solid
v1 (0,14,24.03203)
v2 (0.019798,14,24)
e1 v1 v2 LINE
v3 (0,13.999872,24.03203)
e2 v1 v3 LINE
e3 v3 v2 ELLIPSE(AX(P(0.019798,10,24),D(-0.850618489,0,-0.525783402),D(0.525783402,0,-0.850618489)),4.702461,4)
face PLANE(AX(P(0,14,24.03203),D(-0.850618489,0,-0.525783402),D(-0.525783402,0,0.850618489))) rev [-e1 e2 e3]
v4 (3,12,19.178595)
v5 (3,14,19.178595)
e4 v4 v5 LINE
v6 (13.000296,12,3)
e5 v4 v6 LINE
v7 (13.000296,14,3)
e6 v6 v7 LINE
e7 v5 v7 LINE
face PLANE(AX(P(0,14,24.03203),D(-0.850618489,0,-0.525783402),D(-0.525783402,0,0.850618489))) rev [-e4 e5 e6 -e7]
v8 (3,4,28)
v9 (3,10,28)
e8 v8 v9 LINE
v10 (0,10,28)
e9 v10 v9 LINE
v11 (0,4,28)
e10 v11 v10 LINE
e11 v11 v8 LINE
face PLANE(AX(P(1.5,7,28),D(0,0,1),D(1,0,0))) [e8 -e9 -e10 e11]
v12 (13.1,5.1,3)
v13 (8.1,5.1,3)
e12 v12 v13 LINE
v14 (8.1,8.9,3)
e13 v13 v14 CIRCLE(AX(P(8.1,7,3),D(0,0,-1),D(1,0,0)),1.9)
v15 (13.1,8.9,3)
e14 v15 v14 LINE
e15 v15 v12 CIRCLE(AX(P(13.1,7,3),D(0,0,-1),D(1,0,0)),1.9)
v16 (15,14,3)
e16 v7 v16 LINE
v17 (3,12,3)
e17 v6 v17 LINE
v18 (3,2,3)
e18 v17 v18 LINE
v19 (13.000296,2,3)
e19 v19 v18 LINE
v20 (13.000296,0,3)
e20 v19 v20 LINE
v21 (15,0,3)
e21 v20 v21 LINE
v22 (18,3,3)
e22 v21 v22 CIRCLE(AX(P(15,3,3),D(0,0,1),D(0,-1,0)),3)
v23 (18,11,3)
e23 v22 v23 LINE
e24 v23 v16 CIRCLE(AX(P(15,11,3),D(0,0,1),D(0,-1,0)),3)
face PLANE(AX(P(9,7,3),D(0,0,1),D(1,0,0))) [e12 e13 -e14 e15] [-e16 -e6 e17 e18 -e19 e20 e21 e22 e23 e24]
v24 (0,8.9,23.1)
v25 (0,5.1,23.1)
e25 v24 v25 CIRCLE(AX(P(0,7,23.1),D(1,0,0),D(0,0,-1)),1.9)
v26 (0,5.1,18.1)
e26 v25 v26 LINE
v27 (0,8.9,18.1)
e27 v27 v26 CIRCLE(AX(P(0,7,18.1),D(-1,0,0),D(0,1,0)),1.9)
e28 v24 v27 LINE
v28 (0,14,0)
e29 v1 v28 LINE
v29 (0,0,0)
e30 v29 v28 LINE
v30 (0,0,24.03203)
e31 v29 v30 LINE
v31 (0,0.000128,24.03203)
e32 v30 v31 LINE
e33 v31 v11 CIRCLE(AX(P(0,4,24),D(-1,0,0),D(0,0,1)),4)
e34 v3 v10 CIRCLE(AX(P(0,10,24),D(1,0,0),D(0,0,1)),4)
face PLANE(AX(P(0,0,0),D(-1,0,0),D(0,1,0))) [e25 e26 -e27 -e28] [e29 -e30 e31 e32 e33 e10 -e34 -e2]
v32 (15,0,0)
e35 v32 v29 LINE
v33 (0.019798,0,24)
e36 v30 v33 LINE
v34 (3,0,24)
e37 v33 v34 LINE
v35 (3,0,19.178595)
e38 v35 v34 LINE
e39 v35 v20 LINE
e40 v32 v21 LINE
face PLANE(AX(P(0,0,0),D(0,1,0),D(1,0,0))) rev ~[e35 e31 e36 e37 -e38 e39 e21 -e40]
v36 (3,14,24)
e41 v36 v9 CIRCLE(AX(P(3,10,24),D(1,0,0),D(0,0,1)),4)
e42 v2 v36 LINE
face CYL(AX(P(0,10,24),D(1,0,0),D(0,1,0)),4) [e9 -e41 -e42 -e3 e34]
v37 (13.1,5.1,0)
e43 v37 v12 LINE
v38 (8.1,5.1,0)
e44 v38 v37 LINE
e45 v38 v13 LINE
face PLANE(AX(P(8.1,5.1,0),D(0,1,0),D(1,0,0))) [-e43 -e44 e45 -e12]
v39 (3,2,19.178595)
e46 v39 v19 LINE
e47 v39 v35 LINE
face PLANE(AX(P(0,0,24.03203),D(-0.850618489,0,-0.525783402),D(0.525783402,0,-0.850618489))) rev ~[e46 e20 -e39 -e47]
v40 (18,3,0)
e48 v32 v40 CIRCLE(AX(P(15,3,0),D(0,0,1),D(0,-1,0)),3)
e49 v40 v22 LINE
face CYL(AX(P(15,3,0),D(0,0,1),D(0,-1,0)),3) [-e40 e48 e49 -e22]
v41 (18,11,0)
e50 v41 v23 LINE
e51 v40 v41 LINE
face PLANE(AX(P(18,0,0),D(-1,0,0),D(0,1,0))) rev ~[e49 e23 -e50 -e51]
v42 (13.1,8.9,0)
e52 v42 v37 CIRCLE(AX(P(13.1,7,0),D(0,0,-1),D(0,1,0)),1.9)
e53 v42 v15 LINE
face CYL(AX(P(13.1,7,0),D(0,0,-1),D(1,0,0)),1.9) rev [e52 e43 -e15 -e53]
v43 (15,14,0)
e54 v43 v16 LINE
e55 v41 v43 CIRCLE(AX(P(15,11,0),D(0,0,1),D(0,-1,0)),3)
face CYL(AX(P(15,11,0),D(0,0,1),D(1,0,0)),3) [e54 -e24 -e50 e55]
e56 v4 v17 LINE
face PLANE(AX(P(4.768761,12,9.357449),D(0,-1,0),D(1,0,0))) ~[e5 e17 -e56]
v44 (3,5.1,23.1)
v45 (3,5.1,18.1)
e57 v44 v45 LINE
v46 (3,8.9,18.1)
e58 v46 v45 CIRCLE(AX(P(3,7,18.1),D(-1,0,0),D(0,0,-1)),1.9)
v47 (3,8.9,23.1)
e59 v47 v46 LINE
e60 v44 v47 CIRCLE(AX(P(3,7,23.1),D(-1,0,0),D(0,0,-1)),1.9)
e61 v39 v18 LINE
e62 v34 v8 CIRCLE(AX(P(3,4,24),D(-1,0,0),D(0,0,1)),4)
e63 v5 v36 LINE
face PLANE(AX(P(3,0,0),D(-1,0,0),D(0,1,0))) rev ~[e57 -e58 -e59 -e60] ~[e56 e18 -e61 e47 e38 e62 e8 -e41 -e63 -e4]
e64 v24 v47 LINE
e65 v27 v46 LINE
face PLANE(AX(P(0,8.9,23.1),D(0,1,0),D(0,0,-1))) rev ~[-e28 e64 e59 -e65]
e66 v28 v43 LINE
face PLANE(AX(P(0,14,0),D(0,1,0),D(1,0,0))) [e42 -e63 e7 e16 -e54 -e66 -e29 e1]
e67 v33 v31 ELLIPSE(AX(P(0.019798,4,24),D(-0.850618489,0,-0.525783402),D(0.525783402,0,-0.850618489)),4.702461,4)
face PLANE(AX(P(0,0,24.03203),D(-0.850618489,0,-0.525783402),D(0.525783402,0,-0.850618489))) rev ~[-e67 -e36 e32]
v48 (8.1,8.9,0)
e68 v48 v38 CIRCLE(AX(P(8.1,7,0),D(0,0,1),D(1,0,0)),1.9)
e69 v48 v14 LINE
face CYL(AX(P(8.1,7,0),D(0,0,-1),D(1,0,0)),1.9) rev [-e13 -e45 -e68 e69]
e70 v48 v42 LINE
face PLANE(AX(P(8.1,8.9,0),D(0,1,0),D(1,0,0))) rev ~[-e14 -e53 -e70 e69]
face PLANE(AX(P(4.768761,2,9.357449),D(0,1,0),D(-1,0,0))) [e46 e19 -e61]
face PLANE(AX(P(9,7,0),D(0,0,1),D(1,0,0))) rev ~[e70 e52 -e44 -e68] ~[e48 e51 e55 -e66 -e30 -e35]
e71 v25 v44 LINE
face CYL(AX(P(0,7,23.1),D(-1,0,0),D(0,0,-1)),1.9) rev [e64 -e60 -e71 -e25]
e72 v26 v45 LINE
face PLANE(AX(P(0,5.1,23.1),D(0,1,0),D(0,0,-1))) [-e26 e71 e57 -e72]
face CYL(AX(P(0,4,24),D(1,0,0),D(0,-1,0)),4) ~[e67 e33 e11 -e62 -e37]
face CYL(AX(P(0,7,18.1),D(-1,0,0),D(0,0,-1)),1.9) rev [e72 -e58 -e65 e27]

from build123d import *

# Parameters (mm, degrees)
BOX002_W                = 5
BOX002_H                = 3.8
BOX002_DEPTH            = 10
CYLINDER_R              = 1.9
CYLINDER_DEPTH          = 10
ARRAY_X_COUNT           = 2
ARRAY_X_PITCH           = 5
BODY002_PLACEMENT_ANGLE = 90
BOX001_W                = 3
BOX001_H                = 14
BOX001_DEPTH            = 28
FILLET001_R             = 4
PAD_DEPTH               = 2
BOX_W                   = 18
BOX_H                   = 14
BOX_DEPTH               = 3
FILLET_R                = 3


with BuildPart() as between_hole_cube:
    # Box002 → Box002 (new body)
    with BuildSketch(Plane(origin=(0, -1.9, 0), x_dir=(1, 0, 0), z_dir=(0, 0, 1))):
        with Locations((2.5, 1.9)):
            Rectangle(BOX002_W, BOX002_H)
    extrude(amount=BOX002_DEPTH)


with BuildPart() as screw_hole_fusion:
    # Cylinder → Cylinder (new body)
    with BuildSketch(Plane.XY):
        Circle(CYLINDER_R)
    extrude(amount=CYLINDER_DEPTH)

    # Array X: screw hole fusion ×2


with BuildPart() as screw_hole_fusion_1:
    add(screw_hole_fusion.part)
    with Locations(*[(i * ARRAY_X_PITCH, 0, 0) for i in range(1, ARRAY_X_COUNT)]):
        add(screw_hole_fusion.part)

    # Fusion002: union between hole cube
    add(between_hole_cube.part)


with BuildPart() as h_screw_hole_fusion_clone:
    # Body002 base: copy of screw hole fusion
    add(screw_hole_fusion_1.part)


with BuildPart() as h_screw_hole_fusion_clone_1:
    # Body002 placement: moved
    add(h_screw_hole_fusion_clone.part.moved(Location((0, 7, 23.1))).rotate(Axis((0, 7, 23.1), (0, 1, 0)), BODY002_PLACEMENT_ANGLE))


with BuildPart() as hole_fusion:
    # Body001 base: copy of screw hole fusion
    add(screw_hole_fusion_1.part)


with BuildPart() as hole_fusion_1:
    # Body001 placement: moved
    add(hole_fusion.part.moved(Location((8.1, 7, 0))))

    # Fusion001: union h screw hole fusion clone
    add(h_screw_hole_fusion_clone_1.part)


with BuildPart() as bottom_cube_fillet:
    # Box001 → Box001 (new body)
    with BuildSketch(Plane.XY):
        with Locations((1.5, 7)):
            Rectangle(BOX001_W, BOX001_H)
    extrude(amount=BOX001_DEPTH)

    # Fillet001
    fillet001_edges = [bottom_cube_fillet.edges().sort_by_distance(p)[0] for p in [
        (1.5, 0, 28),
        (1.5, 14, 28),
    ]]
    fillet(fillet001_edges, radius=FILLET001_R)


with BuildPart() as triangle_body:
    # Sketch → Pad (new body)
    with BuildSketch(Plane.XZ):
        Polygon((0, 0), (0, 24.03203), (14.854653, 0), align=None)
    extrude(amount=-PAD_DEPTH)


with BuildPart() as part_mirroring:
    # Part__Mirroring: instance of triangle body
    add(triangle_body.part.mirror(Plane(origin=(0, 7, 0), x_dir=(1, 0, 0), z_dir=(0, 1, 0))))


with BuildPart() as bracket_cut:
    # Box → Box (new body)
    with BuildSketch(Plane.XY):
        with Locations((9, 7)):
            Rectangle(BOX_W, BOX_H)
    extrude(amount=BOX_DEPTH)

    # Fillet
    fillet_edges = [bracket_cut.edges().sort_by_distance(p)[0] for p in [
        (18, 0, 1.5),
        (18, 14, 1.5),
    ]]
    fillet(fillet_edges, radius=FILLET_R)

    # Fusion: union bottom cube fillet, Part__Mirroring, triangle body
    add(bottom_cube_fillet.part)
    add(part_mirroring.part)
    add(triangle_body.part)

    # Cut: cut hole fusion
    add(hole_fusion_1.part, mode=Mode.SUBTRACT)


solid = bracket_cut.part
